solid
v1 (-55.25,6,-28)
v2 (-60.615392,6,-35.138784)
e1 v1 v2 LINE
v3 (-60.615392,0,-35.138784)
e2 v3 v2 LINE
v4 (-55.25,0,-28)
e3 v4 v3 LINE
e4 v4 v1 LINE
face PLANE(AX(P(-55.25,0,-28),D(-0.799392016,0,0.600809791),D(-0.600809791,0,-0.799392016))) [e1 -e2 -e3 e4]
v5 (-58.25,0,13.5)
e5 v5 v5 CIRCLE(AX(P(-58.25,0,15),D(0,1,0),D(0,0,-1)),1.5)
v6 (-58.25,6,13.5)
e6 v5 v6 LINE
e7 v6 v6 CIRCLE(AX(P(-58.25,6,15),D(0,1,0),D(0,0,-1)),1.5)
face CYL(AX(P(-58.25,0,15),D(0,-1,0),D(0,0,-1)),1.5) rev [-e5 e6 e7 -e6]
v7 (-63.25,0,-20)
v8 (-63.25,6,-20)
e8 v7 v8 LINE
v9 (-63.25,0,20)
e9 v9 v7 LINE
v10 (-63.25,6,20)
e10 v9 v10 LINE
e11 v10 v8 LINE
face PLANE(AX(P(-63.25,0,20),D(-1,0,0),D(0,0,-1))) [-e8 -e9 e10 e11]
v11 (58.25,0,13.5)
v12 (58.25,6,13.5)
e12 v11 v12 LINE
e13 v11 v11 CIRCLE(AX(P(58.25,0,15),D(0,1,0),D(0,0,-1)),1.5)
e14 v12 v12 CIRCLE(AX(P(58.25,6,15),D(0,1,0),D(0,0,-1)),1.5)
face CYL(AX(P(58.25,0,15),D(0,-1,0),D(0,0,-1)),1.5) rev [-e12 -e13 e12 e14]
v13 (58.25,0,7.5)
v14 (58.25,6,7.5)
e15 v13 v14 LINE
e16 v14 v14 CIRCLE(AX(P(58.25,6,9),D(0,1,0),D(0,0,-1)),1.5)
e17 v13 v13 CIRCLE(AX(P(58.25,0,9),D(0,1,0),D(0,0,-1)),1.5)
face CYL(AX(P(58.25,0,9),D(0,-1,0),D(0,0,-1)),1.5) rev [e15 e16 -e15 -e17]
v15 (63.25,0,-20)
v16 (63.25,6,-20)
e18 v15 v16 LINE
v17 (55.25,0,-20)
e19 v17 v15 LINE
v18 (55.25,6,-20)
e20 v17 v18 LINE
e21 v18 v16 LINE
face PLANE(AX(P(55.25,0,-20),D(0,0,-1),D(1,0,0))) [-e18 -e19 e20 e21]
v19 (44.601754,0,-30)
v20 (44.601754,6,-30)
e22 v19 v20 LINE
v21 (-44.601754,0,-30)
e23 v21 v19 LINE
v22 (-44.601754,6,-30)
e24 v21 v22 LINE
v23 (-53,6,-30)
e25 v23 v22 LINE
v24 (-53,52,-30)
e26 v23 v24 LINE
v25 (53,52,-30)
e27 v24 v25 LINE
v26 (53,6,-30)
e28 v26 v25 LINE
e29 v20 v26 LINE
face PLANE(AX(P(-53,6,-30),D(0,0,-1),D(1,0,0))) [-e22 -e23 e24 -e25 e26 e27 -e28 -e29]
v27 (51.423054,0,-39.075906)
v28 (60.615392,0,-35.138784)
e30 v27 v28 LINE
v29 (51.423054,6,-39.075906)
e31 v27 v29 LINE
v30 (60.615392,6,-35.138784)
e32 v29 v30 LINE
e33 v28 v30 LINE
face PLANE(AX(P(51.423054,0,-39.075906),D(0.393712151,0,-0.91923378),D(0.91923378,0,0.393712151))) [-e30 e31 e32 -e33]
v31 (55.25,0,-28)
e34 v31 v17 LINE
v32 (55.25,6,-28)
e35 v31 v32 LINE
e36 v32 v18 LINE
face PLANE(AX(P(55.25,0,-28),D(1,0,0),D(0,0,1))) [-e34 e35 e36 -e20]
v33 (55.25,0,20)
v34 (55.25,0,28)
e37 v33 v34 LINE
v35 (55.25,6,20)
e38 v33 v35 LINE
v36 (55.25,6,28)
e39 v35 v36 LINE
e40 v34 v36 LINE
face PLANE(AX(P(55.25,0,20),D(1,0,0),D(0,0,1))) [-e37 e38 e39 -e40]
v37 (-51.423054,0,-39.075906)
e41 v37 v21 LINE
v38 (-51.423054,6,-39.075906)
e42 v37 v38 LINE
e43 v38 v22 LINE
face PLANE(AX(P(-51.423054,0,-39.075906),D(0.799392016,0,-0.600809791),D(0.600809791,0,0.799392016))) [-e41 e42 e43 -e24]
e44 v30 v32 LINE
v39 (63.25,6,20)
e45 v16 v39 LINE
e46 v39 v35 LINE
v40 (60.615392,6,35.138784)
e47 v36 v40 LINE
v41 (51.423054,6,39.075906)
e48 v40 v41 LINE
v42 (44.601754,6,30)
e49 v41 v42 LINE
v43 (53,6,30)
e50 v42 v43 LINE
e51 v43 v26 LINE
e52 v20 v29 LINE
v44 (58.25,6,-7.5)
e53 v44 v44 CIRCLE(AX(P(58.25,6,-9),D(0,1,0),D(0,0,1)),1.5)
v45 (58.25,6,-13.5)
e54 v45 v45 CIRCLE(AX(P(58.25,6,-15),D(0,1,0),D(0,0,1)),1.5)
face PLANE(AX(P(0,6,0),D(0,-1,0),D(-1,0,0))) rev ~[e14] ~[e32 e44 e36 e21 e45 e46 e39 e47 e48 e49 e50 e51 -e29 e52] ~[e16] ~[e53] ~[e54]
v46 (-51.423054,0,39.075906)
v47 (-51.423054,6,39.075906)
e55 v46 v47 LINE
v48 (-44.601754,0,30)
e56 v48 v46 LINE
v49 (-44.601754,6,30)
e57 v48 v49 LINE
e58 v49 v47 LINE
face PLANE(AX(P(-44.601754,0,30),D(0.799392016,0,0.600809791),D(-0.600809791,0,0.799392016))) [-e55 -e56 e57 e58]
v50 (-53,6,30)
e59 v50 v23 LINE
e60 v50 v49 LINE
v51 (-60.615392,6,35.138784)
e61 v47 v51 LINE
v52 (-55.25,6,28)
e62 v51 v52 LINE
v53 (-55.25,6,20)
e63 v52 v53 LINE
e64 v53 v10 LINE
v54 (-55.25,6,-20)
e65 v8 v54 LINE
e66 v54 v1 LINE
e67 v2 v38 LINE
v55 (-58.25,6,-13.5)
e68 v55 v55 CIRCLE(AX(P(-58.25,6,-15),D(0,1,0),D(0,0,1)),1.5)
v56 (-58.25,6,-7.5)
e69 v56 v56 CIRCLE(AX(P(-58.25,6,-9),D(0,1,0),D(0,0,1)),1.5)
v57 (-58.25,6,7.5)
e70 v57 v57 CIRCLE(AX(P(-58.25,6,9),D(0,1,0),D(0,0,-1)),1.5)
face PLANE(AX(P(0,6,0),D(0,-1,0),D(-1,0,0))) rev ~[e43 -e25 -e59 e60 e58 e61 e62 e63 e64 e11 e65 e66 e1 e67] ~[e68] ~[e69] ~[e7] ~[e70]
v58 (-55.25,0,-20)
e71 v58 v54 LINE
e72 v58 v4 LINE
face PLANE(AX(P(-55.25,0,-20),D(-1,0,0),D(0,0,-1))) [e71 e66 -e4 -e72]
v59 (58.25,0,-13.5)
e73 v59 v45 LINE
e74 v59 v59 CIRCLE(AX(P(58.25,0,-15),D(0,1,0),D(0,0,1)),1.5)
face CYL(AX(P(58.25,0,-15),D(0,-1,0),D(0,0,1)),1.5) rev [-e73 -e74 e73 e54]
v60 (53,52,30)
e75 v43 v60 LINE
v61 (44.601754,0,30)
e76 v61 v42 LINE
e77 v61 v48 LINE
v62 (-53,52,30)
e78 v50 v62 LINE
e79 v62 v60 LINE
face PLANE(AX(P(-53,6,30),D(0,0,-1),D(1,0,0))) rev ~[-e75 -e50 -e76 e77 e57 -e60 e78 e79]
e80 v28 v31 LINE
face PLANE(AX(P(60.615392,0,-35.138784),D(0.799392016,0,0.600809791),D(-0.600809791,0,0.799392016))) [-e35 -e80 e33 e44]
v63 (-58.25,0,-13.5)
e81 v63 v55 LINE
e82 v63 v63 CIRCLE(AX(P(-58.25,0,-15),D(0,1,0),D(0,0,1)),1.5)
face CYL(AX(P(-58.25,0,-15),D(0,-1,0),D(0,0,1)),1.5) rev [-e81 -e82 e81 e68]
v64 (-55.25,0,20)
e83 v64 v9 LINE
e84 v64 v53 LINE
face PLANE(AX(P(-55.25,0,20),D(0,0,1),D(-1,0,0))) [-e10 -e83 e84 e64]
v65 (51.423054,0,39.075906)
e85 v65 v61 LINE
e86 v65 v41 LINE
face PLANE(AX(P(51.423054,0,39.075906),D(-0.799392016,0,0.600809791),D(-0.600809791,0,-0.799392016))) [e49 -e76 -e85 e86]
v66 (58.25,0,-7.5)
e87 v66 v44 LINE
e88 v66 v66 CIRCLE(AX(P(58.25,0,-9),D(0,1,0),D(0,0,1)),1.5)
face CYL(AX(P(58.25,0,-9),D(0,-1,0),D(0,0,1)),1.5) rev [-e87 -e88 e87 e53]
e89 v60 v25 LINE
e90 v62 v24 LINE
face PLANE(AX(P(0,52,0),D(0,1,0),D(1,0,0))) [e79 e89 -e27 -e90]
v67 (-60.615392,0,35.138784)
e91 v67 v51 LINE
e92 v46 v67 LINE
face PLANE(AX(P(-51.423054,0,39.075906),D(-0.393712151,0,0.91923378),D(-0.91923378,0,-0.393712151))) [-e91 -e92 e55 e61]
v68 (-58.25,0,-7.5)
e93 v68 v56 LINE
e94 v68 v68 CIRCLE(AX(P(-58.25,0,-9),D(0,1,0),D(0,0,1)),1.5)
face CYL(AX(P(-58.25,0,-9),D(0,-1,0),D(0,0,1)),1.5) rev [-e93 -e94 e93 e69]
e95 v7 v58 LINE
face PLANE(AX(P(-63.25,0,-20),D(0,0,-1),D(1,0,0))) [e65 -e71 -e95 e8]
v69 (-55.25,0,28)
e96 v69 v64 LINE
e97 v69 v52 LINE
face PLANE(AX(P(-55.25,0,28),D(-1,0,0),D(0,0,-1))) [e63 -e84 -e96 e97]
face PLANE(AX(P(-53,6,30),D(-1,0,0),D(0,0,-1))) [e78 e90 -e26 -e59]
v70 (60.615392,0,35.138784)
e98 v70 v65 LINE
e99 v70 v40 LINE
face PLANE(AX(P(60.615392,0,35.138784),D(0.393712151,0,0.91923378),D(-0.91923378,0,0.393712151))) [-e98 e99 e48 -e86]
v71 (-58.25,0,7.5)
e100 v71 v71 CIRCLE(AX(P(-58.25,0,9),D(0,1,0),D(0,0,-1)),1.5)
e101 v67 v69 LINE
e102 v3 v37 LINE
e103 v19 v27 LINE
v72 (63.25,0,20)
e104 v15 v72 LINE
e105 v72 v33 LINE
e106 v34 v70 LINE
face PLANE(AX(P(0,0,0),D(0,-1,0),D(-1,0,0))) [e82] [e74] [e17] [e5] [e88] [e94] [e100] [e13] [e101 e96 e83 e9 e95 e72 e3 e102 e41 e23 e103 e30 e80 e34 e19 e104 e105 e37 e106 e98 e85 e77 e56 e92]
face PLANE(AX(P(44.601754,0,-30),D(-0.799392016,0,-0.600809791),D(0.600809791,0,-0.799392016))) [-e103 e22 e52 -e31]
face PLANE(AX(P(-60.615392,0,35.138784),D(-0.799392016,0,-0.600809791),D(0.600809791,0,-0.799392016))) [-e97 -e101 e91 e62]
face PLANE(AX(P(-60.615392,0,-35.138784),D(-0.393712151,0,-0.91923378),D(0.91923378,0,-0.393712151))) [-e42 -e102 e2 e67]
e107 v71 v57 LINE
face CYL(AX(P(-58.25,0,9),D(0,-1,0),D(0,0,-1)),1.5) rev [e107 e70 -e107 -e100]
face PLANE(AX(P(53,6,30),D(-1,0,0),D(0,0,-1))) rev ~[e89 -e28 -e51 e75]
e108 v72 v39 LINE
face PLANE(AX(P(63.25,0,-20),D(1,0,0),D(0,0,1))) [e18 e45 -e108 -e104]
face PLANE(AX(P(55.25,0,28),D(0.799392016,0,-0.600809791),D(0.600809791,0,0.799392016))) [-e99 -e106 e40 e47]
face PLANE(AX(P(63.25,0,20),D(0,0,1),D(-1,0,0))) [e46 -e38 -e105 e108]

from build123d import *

# Parameters (mm, degrees)
SKETCH_1_R      = 1.5
EXTRUDE_1_DEPTH = 6
SKETCH_2_W      = 106
SKETCH_2_H      = 60
EXTRUDE_2_DEPTH = 46


with BuildPart() as part:
    # 草图1 → 凸台-拉伸1 (new body)
    with BuildSketch(Plane(origin=(0, 0, 0), x_dir=(1, 0, 0), z_dir=(0, 1, 0))):
        Polygon((44.601753779, -30), (-44.601753779, -30), (-51.423054046, -39.075905643), (-60.615391847, -35.138784137), (-55.25, -28), (-55.25, -20), (-63.25, -20), (-63.25, 20), (-55.25, 20), (-55.25, 28), (-60.615391847, 35.138784137), (-51.423054046, 39.075905643), (-44.601753779, 30), (44.601753779, 30), (51.423054046, 39.075905643), (60.615391847, 35.138784137), (55.25, 28), (55.25, 20), (63.25, 20), (63.25, -20), (55.25, -20), (55.25, -28), (60.615391847, -35.138784137), (51.423054046, -39.075905643), align=None)
        with Locations(Location((58.25, 15, 0), (0, 0, 270))):
            Circle(SKETCH_1_R, mode=Mode.SUBTRACT)
        with Locations(Location((-58.25, 15, 0), (0, 0, 270))):
            Circle(SKETCH_1_R, mode=Mode.SUBTRACT)
        with Locations(Location((58.25, 9, 0), (0, 0, 270))):
            Circle(SKETCH_1_R, mode=Mode.SUBTRACT)
        with Locations(Location((-58.25, 9, 0), (0, 0, 270))):
            Circle(SKETCH_1_R, mode=Mode.SUBTRACT)
        with Locations(Location((58.25, -9, 0), (0, 0, 90))):
            Circle(SKETCH_1_R, mode=Mode.SUBTRACT)
        with Locations(Location((58.25, -15, 0), (0, 0, 90))):
            Circle(SKETCH_1_R, mode=Mode.SUBTRACT)
        with Locations(Location((-58.25, -9, 0), (0, 0, 90))):
            Circle(SKETCH_1_R, mode=Mode.SUBTRACT)
        with Locations(Location((-58.25, -15, 0), (0, 0, 90))):
            Circle(SKETCH_1_R, mode=Mode.SUBTRACT)
    extrude(amount=EXTRUDE_1_DEPTH)

    # 草图2 → 凸台-拉伸2 (add)
    with BuildSketch(Plane(origin=(0, 6, 0), x_dir=(1, 0, 0), z_dir=(0, 1, 0))):
        Rectangle(SKETCH_2_W, SKETCH_2_H)
    extrude(amount=EXTRUDE_2_DEPTH)


solid = part.part
